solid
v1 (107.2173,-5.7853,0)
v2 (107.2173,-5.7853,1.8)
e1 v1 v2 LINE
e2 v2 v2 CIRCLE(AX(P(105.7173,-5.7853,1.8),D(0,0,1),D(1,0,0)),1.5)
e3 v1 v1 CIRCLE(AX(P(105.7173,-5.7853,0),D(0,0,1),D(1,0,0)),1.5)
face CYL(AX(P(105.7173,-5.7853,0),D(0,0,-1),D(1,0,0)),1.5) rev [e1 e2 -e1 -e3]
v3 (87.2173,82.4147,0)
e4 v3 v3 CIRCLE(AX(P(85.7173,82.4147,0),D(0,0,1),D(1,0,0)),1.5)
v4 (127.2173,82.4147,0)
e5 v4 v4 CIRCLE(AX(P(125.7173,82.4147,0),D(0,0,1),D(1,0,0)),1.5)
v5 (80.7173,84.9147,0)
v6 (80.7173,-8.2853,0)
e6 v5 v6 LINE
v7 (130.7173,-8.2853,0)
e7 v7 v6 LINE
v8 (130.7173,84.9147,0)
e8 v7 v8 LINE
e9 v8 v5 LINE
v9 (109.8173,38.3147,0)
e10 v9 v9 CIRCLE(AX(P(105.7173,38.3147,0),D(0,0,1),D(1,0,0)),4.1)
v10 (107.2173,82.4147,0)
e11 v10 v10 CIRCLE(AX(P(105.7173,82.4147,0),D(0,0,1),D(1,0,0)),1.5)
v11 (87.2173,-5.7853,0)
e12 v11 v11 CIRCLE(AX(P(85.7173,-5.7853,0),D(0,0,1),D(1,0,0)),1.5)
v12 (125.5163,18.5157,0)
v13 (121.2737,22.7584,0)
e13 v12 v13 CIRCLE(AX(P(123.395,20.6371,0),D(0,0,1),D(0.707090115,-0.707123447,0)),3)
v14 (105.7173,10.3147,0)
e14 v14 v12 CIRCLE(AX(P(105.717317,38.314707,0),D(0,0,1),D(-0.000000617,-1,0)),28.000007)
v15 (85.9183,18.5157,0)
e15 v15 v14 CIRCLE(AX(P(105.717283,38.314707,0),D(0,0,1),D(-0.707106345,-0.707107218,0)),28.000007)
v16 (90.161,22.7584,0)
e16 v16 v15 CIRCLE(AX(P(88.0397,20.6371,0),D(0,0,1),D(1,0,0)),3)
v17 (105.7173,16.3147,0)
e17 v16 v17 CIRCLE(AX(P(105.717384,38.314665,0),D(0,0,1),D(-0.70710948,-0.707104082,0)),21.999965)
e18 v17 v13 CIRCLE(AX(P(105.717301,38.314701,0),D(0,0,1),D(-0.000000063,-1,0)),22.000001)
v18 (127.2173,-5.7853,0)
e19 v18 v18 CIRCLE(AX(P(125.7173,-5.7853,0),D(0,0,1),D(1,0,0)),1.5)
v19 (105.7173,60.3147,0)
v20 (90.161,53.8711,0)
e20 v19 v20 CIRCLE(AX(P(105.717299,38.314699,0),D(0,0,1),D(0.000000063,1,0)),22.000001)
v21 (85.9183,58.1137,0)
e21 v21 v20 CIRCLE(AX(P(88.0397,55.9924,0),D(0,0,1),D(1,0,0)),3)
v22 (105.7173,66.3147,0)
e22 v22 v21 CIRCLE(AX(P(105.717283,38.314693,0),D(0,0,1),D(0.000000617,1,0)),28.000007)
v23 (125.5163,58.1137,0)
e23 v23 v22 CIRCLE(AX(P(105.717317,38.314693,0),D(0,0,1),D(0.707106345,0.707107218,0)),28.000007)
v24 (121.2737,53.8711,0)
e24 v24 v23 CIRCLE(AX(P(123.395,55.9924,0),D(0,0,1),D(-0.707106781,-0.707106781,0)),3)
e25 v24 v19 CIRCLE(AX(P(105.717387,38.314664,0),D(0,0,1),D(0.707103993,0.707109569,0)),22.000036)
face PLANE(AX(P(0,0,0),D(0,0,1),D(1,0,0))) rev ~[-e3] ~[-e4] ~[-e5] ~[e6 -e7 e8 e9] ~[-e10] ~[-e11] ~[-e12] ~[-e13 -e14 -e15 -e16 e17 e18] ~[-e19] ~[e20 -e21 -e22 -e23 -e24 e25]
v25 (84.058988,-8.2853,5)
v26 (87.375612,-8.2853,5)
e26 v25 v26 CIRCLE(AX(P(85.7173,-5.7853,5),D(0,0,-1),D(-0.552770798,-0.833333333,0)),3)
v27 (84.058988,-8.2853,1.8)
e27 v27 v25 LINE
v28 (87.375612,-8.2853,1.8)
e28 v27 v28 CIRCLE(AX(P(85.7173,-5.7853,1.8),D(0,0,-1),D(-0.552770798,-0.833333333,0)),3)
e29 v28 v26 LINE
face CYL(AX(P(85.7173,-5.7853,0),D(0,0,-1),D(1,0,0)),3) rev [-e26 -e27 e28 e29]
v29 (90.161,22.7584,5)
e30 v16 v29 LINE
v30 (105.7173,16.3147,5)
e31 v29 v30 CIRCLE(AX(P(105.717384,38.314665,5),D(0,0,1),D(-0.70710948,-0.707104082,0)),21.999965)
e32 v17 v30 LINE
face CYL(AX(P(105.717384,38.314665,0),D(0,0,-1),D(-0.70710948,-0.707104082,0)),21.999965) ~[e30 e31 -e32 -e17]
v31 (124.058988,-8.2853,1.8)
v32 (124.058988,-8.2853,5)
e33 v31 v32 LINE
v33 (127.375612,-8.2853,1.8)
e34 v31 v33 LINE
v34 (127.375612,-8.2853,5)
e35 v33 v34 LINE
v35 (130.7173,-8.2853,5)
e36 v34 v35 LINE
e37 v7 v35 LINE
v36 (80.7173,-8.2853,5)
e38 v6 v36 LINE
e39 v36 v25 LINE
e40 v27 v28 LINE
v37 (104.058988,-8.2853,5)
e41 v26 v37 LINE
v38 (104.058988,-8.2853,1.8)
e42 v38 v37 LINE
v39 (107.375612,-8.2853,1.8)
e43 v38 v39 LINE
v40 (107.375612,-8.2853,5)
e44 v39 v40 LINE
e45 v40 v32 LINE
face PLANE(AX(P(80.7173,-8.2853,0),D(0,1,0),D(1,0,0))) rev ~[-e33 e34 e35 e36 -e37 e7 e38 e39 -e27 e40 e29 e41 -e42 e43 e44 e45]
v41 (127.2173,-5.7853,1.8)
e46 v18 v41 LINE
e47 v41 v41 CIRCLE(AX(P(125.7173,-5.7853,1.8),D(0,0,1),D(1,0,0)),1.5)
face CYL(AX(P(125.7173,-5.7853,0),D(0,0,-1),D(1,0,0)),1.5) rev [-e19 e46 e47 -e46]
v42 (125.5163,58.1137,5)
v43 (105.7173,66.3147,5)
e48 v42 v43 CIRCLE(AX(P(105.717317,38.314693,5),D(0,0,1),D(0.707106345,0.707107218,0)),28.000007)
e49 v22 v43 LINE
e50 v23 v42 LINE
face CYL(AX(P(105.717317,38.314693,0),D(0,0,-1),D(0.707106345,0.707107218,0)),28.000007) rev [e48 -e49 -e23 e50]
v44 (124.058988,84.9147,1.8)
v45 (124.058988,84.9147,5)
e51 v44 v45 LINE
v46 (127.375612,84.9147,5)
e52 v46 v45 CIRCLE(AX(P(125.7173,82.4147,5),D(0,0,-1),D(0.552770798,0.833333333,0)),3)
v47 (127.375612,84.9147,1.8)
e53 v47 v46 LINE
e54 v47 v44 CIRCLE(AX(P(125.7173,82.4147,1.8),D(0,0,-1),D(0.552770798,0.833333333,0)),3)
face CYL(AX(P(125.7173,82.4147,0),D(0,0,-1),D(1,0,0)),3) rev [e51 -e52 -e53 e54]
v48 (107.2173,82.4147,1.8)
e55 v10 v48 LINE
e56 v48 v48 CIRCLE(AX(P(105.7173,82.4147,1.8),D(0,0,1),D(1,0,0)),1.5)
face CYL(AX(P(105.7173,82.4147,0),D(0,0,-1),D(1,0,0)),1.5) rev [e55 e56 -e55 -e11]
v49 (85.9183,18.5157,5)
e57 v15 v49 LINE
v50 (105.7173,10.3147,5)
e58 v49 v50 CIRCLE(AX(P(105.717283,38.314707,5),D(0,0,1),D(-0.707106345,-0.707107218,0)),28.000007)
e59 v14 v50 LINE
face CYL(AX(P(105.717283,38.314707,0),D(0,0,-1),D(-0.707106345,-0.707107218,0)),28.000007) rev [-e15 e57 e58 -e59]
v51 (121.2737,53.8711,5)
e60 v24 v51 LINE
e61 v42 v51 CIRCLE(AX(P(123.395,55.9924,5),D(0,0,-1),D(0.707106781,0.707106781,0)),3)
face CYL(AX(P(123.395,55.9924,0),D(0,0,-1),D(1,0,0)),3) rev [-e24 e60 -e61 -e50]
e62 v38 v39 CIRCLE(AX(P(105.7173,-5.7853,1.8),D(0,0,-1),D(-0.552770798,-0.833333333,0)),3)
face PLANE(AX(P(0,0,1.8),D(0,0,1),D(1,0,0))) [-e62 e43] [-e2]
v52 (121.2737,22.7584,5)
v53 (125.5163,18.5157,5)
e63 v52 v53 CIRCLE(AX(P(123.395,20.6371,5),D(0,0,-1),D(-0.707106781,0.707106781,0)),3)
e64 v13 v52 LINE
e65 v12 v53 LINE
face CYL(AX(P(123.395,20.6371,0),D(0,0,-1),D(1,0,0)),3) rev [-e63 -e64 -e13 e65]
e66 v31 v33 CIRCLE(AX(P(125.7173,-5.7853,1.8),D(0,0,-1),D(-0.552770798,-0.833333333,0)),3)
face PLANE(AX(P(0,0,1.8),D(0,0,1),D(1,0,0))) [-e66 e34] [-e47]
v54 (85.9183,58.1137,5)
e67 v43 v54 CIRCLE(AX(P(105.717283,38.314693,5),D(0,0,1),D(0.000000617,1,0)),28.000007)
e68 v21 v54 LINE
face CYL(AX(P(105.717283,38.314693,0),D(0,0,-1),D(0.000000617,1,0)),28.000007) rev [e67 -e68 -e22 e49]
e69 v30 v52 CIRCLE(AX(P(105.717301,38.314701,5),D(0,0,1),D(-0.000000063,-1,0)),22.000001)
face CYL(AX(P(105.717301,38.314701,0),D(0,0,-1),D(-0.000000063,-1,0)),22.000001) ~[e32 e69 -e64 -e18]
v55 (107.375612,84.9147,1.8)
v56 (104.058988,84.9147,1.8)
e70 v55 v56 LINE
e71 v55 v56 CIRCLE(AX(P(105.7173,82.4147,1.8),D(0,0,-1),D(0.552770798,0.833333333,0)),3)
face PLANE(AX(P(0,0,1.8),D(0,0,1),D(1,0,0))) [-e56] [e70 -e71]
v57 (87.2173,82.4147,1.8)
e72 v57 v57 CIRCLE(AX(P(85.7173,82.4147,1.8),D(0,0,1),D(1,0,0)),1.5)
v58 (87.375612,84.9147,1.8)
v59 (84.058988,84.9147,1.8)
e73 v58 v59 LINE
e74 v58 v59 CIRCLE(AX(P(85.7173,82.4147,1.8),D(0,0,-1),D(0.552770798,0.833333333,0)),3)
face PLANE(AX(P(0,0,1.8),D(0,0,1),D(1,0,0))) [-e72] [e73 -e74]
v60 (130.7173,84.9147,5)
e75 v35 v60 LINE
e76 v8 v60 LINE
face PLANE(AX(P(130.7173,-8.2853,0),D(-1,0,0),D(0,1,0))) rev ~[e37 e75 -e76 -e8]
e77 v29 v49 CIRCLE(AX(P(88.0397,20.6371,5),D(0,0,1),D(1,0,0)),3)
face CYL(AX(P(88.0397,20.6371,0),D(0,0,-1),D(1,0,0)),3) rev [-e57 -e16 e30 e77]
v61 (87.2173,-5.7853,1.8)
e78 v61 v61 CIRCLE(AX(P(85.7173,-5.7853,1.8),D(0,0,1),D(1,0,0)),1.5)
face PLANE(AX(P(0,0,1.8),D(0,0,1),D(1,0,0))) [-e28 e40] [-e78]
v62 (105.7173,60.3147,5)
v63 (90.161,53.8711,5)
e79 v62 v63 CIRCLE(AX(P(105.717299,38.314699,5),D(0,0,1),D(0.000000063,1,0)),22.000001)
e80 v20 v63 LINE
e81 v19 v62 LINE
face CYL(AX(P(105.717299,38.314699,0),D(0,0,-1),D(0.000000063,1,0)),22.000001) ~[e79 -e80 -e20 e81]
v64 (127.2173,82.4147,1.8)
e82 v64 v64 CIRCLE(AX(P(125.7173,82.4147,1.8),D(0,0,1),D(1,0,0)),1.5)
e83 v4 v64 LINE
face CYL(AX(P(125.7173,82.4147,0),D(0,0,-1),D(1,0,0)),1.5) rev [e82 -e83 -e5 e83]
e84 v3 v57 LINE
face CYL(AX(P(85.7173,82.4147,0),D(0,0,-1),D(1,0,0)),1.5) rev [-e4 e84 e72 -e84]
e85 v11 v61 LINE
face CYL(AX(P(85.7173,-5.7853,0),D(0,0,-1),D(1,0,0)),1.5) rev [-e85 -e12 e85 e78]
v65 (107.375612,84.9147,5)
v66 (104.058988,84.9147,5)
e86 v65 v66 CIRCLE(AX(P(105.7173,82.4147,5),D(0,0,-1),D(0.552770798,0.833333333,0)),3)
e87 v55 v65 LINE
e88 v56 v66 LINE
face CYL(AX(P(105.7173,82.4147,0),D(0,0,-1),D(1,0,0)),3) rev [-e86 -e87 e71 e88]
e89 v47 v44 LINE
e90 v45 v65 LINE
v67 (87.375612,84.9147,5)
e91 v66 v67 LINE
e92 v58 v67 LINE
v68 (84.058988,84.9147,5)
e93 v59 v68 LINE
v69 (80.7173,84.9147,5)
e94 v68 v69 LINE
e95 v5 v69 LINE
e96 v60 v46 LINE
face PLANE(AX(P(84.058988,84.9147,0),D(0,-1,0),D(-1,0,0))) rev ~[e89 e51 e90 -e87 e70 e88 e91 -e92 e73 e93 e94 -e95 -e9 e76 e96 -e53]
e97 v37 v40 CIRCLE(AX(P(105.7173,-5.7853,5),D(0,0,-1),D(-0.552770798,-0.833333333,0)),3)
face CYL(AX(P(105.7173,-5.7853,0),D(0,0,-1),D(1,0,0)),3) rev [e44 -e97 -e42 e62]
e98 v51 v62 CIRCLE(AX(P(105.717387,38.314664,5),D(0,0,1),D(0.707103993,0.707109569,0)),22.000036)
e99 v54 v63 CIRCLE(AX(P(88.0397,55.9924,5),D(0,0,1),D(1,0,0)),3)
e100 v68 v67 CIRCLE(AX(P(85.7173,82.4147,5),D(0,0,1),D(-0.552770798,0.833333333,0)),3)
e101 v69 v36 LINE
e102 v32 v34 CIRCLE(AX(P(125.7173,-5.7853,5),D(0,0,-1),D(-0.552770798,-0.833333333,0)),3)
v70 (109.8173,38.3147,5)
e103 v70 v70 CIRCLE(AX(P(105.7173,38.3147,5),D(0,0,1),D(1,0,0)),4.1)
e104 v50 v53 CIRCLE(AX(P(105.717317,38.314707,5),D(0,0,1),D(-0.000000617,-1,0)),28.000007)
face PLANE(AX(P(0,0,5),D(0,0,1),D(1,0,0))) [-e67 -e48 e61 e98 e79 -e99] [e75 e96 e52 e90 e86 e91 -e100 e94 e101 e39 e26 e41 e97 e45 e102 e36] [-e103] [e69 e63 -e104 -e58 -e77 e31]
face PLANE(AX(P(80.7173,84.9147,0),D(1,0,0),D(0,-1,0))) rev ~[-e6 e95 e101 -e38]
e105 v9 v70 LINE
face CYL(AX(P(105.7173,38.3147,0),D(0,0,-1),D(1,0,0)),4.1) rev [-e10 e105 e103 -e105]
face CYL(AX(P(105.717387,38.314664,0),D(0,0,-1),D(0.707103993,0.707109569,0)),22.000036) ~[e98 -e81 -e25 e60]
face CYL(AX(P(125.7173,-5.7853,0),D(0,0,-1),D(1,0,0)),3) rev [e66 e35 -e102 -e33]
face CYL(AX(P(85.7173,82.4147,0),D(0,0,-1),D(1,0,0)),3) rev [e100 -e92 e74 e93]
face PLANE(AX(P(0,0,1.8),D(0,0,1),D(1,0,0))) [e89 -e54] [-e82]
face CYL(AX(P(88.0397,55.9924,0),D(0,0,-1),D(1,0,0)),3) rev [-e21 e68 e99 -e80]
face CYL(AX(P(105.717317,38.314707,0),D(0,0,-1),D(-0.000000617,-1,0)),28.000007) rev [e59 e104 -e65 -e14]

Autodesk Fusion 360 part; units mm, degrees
sketch "Schizzo5" plane through (0, 0, 0) normal (0, 0, 1) x (1, 0, 0)
  line L0 (80.7173, 84.9147) -> (80.7173, -8.2853)
  circle A0 centre (85.7173, -5.7853) radius 1.5
  circle A1 centre (105.7173, 38.3147) radius 25 construction
  arc A2 (125.5163, 58.1137) -> (105.7173, 66.3147) centre (105.7173, 38.3147) ccw
  circle A3 centre (123.395, 55.9924) radius 3
  circle A4 centre (88.0397, 55.9924) radius 3
  arc A5 (105.7173, 66.3147) -> (85.9183, 58.1137) centre (105.7173, 38.3147) ccw
  circle A6 centre (125.7173, 82.4147) radius 3
  arc A7 (105.7173, 10.3147) -> (125.5163, 18.5157) centre (105.7173, 38.3147) ccw
  line L1 (80.7173, 38.3147) -> (130.7173, 38.3147) construction
  circle A8 centre (105.7173, 82.4147) radius 1.5
  circle A9 centre (85.7173, 82.4147) radius 3
  line L2 (105.7173, 38.3147) -> (123.395, 20.6371) construction
  arc A10 (105.7173, 66.3147) -> (85.9183, 58.1137) centre (105.7173, 38.3147) ccw
  circle A11 centre (85.7173, 82.4147) radius 1.5
  line L3 (130.7173, 84.9147) -> (80.7173, 84.9147)
  arc A12 (125.5163, 58.1137) -> (105.7173, 66.3147) centre (105.7173, 38.3147) ccw
  circle A13 centre (125.7173, 82.4147) radius 1.5
  line L4 (105.7173, 38.3147) -> (89.6274, 54.4047) construction
  circle A14 centre (105.7173, 82.4147) radius 3
  arc A15 (105.7173, 10.3147) -> (125.5163, 18.5157) centre (105.7173, 38.3147) ccw
  line L5 (105.7173, 38.3147) -> (105.7173, 13.3147) construction
  circle A16 centre (105.7173, 38.3147) radius 4.1
  circle A17 centre (105.7173, -5.7853) radius 1.5
  circle A18 centre (88.0397, 20.6371) radius 3
  line L6 (130.7173, -8.2853) -> (130.7173, 84.9147)
  arc A19 (85.9183, 18.5157) -> (105.7173, 10.3147) centre (105.7173, 38.3147) ccw
  line L7 (85.7173, 84.9147) -> (85.7173, -8.2853) construction
  arc A20 (105.7173, 13.3147) -> (123.395, 20.6371) centre (105.7173, 38.3147) ccw
  circle A21 centre (123.395, 20.6371) radius 3
  circle A22 centre (85.7173, -5.7853) radius 3
  circle A23 centre (105.7173, -5.7853) radius 3
  circle A24 centre (125.7173, -5.7853) radius 1.5
  line L8 (105.7173, 38.3147) -> (123.668, 56.2654) construction
  line L9 (80.7173, -8.2853) -> (130.7173, -8.2853)
  circle A25 centre (125.7173, -5.7853) radius 3
  line L10 (80.7173, -5.7853) -> (130.7173, -5.7853) construction
  line L11 (105.7173, 38.3147) -> (88.0397, 20.6371) construction
  arc A26 (85.9183, 18.5157) -> (105.7173, 10.3147) centre (105.7173, 38.3147) ccw
  line L12 (105.7173, 84.9147) -> (105.7173, -8.2853) construction
  arc A27 (88.0397, 20.6371) -> (105.7173, 13.3147) centre (105.7173, 38.3147) ccw
  line L13 (105.7173, 38.3147) -> (105.7173, 63.3147) construction
  line L14 (105.7173, 38.3147) -> (105.7173, 63.3147) construction
  line L15 (105.7173, 38.3147) -> (105.7173, 13.3147) construction
  arc A28 (105.7173, 16.3147) -> (121.2737, 22.7584) centre (105.7173, 38.3147) ccw
  arc A29 (90.161, 22.7584) -> (105.7173, 16.3147) centre (105.7173, 38.3147) ccw
  arc A30 (105.7173, 60.3147) -> (90.161, 53.8711) centre (105.7173, 38.3147) ccw
  arc A31 (121.2737, 53.8711) -> (105.7173, 60.3147) centre (105.7173, 38.3147) ccw
  dimension "d219" = 3
  dimension "d220" = 3
  dimension "d221" = 50
  dimension "d222" = 93.2
  dimension "d223" = 2.5
  dimension "d224" = 20
  dimension "d225" = 3
  dimension "d226" = 6
  dimension "d227" = 3
  dimension "d228" = 6
  dimension "d229" = 8.2
  dimension "d230" = 45
  dimension "d231" = 6
  dimension "d232" = 45
  dimension "d233" = 6
  dimension "d246" = -3
  dimension "d247" = -3
extrude "Estrusione24" add sketch "Schizzo5" along normal blind 5 contours L0 A6 A9 L3 A14 L6 A22 A23 L9 A25
extrude "Estrusione25" add sketch "Schizzo5" along normal blind 1.8 contours A9 L3 | A22 L9 | L3 A14 | A23 L9 | A6 L3 | L9 A25 picked at (85.7547, 84.58) picked at (85.7547, -7.9505) picked at (105.7547, 84.58) picked at (105.7547, -7.9505) picked at (125.7547, 84.58) picked at (125.7547, -7.9505)
equation "d225 = d227"
equation "d226 = d228"
